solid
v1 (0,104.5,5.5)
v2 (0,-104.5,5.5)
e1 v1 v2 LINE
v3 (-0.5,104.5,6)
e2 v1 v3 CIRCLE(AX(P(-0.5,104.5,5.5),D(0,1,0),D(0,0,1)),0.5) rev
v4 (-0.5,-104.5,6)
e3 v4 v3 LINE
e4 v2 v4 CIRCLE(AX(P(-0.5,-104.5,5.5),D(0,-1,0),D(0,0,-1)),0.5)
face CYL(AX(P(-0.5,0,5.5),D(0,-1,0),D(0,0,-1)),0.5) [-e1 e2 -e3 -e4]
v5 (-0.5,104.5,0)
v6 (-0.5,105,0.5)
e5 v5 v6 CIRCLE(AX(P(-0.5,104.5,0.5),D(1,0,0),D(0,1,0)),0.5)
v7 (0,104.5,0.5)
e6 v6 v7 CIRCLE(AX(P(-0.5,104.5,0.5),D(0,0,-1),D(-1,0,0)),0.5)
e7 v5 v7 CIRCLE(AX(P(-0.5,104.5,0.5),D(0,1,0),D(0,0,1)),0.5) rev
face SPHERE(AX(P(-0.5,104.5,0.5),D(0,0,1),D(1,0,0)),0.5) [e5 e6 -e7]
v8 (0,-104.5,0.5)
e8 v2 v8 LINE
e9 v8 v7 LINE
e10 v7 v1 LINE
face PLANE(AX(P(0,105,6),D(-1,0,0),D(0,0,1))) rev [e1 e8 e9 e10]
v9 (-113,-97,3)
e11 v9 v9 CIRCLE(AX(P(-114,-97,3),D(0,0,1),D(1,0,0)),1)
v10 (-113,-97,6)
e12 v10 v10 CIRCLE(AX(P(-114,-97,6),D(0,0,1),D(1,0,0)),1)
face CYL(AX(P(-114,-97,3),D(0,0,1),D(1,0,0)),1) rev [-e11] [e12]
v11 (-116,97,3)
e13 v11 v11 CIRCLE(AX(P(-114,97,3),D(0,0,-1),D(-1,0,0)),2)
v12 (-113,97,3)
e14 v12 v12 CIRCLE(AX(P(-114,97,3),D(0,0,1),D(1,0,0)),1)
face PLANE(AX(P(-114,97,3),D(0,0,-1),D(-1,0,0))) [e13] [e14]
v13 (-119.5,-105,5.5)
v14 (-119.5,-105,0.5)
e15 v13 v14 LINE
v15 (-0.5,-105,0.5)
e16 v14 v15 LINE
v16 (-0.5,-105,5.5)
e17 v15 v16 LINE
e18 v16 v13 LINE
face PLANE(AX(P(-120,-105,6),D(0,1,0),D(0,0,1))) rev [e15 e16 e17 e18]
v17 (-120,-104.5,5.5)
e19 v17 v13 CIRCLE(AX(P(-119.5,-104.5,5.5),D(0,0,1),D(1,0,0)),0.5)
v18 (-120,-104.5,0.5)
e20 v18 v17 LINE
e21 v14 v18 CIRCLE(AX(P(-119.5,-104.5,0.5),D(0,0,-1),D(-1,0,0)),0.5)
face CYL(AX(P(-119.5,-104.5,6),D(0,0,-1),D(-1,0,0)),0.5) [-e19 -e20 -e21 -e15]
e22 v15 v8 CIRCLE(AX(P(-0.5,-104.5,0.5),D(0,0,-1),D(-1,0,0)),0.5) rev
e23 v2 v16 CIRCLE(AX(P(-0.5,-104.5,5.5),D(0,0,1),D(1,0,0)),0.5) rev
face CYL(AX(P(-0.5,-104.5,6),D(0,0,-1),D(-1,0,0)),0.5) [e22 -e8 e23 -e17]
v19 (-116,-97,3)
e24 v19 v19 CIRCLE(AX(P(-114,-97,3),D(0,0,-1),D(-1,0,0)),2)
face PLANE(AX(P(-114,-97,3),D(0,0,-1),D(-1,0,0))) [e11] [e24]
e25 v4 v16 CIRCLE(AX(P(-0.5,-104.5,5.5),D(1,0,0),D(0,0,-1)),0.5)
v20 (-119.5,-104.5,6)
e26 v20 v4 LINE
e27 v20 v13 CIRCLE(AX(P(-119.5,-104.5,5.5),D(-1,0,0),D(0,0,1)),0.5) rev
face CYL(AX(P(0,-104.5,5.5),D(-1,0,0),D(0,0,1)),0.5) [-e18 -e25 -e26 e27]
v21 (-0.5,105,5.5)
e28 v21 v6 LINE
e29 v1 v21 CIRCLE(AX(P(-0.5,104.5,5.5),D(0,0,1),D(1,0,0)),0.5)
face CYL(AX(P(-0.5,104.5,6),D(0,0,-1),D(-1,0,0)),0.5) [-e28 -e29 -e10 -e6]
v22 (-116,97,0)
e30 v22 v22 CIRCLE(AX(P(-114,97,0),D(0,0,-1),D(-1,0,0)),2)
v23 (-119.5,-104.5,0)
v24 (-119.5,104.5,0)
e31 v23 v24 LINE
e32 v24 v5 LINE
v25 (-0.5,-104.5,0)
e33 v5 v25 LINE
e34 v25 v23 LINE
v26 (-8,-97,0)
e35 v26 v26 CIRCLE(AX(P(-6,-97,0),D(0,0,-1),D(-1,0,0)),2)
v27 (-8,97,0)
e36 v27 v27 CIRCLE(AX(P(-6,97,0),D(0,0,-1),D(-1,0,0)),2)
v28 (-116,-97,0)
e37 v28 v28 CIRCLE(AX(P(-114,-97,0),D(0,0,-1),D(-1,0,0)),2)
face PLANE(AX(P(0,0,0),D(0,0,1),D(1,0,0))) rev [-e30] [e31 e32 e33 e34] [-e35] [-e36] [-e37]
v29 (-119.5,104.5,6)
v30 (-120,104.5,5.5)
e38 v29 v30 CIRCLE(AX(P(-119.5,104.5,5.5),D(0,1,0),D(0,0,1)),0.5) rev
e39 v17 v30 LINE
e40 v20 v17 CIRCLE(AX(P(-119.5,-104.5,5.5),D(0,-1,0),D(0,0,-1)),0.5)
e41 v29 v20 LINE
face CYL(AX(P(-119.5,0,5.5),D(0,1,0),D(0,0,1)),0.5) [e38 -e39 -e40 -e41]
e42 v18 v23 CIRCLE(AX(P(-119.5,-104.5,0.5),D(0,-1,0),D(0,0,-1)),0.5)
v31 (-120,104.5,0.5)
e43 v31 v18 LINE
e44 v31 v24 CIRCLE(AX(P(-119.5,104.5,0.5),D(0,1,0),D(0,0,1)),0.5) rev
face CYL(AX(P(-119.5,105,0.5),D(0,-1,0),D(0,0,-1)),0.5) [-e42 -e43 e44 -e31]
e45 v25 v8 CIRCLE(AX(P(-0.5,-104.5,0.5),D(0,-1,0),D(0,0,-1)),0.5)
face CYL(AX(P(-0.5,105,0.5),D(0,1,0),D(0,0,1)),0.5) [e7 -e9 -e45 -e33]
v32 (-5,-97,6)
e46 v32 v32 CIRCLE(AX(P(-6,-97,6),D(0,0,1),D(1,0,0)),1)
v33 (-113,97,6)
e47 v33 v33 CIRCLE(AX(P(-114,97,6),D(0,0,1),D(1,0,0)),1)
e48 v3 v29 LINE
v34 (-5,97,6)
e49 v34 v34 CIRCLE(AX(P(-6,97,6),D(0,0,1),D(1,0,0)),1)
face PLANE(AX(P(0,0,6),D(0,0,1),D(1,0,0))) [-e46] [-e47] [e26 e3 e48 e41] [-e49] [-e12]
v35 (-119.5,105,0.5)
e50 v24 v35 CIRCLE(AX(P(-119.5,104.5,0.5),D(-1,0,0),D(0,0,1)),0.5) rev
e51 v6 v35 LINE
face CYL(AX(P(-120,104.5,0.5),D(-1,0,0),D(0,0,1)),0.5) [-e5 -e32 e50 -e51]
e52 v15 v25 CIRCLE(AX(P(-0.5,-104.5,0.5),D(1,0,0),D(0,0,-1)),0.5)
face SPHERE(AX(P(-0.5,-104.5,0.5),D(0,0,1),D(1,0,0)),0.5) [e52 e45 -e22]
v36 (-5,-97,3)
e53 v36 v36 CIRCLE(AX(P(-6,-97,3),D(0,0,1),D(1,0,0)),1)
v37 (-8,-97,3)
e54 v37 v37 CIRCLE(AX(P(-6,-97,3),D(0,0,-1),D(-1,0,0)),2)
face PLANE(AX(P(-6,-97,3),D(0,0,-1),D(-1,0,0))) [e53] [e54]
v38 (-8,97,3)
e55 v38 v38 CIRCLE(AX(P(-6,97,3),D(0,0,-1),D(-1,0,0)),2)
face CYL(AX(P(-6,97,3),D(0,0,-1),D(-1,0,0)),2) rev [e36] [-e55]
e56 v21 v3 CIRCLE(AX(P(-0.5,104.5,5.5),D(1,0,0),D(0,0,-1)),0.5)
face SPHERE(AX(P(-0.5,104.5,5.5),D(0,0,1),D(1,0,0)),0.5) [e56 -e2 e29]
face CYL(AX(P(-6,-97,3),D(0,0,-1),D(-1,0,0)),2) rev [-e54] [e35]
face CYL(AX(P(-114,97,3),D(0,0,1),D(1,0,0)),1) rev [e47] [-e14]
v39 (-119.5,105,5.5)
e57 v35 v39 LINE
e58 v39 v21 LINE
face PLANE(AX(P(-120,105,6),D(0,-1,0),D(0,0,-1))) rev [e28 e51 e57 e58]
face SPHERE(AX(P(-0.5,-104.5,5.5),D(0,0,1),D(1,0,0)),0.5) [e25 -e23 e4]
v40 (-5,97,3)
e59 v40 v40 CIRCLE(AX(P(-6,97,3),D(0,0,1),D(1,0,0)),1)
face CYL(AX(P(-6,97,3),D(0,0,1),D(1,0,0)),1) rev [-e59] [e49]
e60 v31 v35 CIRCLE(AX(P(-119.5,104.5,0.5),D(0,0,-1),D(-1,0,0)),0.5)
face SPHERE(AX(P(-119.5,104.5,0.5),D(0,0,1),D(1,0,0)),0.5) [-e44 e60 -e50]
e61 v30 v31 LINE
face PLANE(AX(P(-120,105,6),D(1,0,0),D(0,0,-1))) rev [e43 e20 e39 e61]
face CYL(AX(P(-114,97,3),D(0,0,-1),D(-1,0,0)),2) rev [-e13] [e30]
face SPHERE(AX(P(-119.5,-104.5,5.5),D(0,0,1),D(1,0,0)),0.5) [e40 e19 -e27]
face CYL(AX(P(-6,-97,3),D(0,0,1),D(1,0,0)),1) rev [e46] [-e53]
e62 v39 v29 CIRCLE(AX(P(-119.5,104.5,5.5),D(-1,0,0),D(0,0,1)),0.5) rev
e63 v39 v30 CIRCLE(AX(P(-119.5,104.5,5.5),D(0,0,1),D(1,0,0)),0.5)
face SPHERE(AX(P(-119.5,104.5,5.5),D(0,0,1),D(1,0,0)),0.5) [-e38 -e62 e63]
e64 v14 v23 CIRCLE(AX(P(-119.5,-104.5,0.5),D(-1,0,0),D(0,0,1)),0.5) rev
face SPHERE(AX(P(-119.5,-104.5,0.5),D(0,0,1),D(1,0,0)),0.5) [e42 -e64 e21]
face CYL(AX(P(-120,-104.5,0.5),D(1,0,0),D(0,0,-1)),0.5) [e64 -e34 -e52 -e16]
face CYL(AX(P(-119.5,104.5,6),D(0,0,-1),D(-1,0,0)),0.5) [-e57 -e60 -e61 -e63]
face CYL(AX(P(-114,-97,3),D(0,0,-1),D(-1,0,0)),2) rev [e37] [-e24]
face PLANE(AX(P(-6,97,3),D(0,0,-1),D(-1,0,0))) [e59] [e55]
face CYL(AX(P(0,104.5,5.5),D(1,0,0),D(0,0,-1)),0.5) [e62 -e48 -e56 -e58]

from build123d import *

# Parameters (mm, degrees)
SKETCH1_W           = 120
SKETCH1_H           = 210
BOSS_EXTRUDE1_DEPTH = 6
SKETCH2_R           = 2
CUT_EXTRUDE1_DEPTH  = 3
SKETCH3_R           = 1
CUT_EXTRUDE2_DEPTH  = 3
FILLET1_R           = 0.5


with BuildPart() as part:
    # Sketch1 → Boss-Extrude1 (new body)
    with BuildSketch(Plane.XY):
        with Locations((-60, 0)):
            Rectangle(SKETCH1_W, SKETCH1_H)
    extrude(amount=BOSS_EXTRUDE1_DEPTH)

    # Sketch2 → Cut-Extrude1 (cut)
    with BuildSketch(Plane(origin=(0, 0, 0), x_dir=(-1, 0, 0), z_dir=(0, 0, -1))):
        with Locations((6, 97)):
            Circle(SKETCH2_R)
        with Locations((114, 97)):
            Circle(SKETCH2_R)
        with Locations((6, -97)):
            Circle(SKETCH2_R)
        with Locations((114, -97)):
            Circle(SKETCH2_R)
    extrude(amount=-CUT_EXTRUDE1_DEPTH, mode=Mode.SUBTRACT)

    # Sketch3 → Cut-Extrude2 (cut)
    with BuildSketch(Plane.XY.offset(6)):
        with Locations((-114, 97)):
            Circle(SKETCH3_R)
        with Locations((-6, 97)):
            Circle(SKETCH3_R)
        with Locations((-6, -97)):
            Circle(SKETCH3_R)
        with Locations((-114, -97)):
            Circle(SKETCH3_R)
    extrude(amount=-CUT_EXTRUDE2_DEPTH, mode=Mode.SUBTRACT)

    # Fillet1
    fillet1_edges = [part.edges().sort_by_distance(p)[0] for p in [
        (0, 0, 6),
        (-60, 105, 6),
        (-120, 0, 6),
        (-60, 105, 0),
        (0, 0, 0),
        (-60, -105, 0),
        (-120, 0, 0),
        (-120, 105, 3),
        (0, 105, 3),
        (0, -105, 3),
        (-120, -105, 3),
        (-60, -105, 6),
    ]]
    fillet(fillet1_edges, radius=FILLET1_R)


solid = part.part
